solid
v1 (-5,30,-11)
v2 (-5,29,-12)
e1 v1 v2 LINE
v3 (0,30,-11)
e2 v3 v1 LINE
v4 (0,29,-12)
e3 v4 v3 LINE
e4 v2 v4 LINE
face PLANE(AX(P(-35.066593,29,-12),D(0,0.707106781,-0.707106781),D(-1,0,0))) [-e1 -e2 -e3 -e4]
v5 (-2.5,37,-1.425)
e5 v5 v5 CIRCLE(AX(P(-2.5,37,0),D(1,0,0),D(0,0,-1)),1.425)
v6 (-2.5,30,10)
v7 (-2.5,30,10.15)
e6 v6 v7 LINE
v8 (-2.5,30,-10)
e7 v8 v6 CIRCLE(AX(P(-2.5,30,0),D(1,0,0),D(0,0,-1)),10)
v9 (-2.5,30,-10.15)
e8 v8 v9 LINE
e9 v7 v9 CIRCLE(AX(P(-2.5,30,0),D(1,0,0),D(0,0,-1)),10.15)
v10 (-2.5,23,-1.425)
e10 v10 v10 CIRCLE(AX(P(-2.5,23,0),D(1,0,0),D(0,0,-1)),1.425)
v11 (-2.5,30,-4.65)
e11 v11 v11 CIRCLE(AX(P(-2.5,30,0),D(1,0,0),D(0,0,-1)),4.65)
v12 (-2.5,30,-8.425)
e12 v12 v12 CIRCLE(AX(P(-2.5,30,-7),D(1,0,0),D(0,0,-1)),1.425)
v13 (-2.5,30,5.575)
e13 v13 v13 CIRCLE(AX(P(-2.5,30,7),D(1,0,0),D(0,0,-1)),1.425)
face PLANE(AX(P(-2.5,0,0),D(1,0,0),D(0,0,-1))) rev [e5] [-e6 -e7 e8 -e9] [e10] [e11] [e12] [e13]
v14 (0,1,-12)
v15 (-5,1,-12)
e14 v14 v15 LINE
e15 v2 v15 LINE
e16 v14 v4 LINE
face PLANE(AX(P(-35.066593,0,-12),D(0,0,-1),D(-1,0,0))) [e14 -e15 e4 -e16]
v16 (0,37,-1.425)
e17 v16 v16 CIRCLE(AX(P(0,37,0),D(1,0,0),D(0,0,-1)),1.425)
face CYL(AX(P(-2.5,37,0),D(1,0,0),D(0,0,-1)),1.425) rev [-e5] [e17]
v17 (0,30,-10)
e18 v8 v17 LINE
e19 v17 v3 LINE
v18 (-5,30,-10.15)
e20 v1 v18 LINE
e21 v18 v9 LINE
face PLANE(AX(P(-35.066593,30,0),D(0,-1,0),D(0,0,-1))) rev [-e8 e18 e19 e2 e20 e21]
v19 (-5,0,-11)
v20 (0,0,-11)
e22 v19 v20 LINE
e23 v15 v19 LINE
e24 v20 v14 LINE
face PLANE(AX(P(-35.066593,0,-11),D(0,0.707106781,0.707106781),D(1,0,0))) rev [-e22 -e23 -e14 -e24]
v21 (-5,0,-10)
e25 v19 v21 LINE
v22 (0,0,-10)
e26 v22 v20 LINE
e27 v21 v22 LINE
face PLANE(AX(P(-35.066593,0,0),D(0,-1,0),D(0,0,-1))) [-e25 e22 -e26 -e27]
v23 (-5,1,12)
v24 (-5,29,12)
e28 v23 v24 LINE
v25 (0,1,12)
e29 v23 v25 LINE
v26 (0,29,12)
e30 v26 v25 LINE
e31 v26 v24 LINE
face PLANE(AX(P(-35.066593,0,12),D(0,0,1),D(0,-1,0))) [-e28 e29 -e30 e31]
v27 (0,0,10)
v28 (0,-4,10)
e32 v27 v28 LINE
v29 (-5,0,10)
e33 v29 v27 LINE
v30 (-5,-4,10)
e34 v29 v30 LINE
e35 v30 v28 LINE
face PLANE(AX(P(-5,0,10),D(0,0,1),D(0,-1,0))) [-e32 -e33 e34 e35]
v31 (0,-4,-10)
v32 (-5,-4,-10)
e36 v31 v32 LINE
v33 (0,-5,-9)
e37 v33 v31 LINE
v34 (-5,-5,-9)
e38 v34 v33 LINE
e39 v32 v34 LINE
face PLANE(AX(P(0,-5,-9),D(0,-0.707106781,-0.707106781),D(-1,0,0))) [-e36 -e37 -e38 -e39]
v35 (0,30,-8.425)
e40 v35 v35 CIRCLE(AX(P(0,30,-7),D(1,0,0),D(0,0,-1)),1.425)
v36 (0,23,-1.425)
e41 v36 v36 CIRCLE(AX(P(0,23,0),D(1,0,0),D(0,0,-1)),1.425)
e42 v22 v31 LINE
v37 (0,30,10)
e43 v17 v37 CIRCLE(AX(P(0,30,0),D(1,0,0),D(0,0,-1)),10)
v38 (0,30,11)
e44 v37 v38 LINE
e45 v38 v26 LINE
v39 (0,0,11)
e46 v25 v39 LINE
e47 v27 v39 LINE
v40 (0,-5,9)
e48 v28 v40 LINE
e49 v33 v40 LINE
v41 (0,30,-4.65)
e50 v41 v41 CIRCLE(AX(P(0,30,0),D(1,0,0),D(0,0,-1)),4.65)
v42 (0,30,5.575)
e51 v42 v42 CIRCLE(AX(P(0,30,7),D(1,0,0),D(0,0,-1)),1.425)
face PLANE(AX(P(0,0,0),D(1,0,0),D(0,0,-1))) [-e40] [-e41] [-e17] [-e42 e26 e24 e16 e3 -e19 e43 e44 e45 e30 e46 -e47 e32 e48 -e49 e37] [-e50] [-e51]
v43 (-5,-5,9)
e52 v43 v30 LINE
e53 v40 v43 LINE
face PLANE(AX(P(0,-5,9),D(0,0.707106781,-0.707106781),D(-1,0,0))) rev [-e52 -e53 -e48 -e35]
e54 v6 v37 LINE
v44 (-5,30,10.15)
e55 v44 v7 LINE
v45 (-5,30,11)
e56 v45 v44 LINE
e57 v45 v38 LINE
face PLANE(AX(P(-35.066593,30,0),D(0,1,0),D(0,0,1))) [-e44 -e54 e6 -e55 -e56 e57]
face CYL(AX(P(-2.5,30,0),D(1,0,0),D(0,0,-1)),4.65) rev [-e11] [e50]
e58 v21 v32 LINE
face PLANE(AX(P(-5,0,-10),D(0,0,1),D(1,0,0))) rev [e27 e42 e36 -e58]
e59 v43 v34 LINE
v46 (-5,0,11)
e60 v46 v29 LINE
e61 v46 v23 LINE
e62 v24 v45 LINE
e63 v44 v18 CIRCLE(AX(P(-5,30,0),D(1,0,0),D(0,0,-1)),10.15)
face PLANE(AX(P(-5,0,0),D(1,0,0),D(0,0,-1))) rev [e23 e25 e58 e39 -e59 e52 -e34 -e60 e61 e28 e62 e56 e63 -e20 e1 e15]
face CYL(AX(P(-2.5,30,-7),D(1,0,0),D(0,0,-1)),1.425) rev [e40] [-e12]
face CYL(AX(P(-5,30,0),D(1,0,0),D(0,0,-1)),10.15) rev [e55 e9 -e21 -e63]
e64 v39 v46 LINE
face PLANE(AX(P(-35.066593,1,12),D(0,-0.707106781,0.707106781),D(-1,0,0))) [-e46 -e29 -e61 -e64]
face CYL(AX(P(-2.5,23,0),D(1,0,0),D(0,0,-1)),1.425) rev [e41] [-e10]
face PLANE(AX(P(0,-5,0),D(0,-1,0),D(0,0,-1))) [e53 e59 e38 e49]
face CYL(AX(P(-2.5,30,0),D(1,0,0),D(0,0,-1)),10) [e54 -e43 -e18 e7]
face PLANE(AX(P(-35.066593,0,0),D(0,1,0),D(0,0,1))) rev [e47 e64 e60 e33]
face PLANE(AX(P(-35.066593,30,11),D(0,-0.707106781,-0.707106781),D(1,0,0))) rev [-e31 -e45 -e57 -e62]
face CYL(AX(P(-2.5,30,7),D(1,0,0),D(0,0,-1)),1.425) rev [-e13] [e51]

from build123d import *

# Parameters (mm, degrees)
SKETCH1_R                = 10
SKETCH1_R_2              = 4.5
SKETCH1_R_3              = 1.275
BOSS_EXTRUDE1_DEPTH      = 2.5
BOSS_EXTRUDE3_DEPTH      = 5
SKETCH2_W                = 5
SKETCH2_H                = 20
BOSS_EXTRUDE4_DEPTH      = 5
BOSS_EXTRUDE5_REACH      = 43.533
SKETCH3_W                = 2
SKETCH3_H                = 30
CHAMFER1_SIZE            = 1
CHAMFER2_SIZE            = 1
OFFSET_FOR_3D_PRINT_BY   = 0.15
OFFSET_FOR_3D_PRINT_2_BY = 0.15
OFFSET_FOR_3D_PRINT_3_BY = 0.15
OFFSET_FOR_3D_PRINT_4_BY = 0.15
OFFSET_FOR_3D_PRINT_5_BY = 0.15
OFFSET_FOR_3D_PRINT_6_BY = 0.15


with BuildPart() as part:
    # Sketch1 → Boss-Extrude1 (new body)
    with BuildSketch(Plane(origin=(0, 0, 0), x_dir=(0, 0, -1), z_dir=(1, 0, 0))):
        with Locations((0, 30)):
            Circle(SKETCH1_R)
        with Locations((0, 30)):
            Circle(SKETCH1_R_2, mode=Mode.SUBTRACT)
        with Locations((7, 30)):
            Circle(SKETCH1_R_3, mode=Mode.SUBTRACT)
        with Locations((0, 23)):
            Circle(SKETCH1_R_3, mode=Mode.SUBTRACT)
        with Locations((-7, 30)):
            Circle(SKETCH1_R_3, mode=Mode.SUBTRACT)
        with Locations((0, 37)):
            Circle(SKETCH1_R_3, mode=Mode.SUBTRACT)
    extrude(amount=-BOSS_EXTRUDE1_DEPTH)

    # Sketch1<6> → Boss-Extrude3 (add)
    with BuildSketch(Plane(origin=(0, 0, 0), x_dir=(0, 0, -1), z_dir=(1, 0, 0))):
        with BuildLine():
            ThreePointArc((10, 30), (0, 20), (-10, 30))
            Line((-10, 30), (-10, 0))
            Line((-10, 0), (10, 0))
            Line((10, 0), (10, 30))
        make_face()
    extrude(amount=-BOSS_EXTRUDE3_DEPTH)


with BuildPart() as body_2:
    # Sketch2 → Boss-Extrude4 (new body)
    with BuildSketch(Plane.XZ):
        with Locations((-2.5, 0)):
            Rectangle(SKETCH2_W, SKETCH2_H)
    extrude(amount=BOSS_EXTRUDE4_DEPTH)


with BuildPart() as part_1:
    add(part.part)

    # Combine2: union body 2
    add(body_2.part)

    # Boss-Extrude5: up to this face of the body (flat: up to its plane)
    boss_extrude5_end = Plane(part_1.part.faces().sort_by_distance((-5, 8.664765534, 0))[0])
    # Sketch3 → Boss-Extrude5 (add, up to the picked face)
    with BuildSketch(Plane(origin=(0, 0, 0), x_dir=(0, 0, -1), z_dir=(1, 0, 0)), mode=Mode.PRIVATE) as boss_extrude5_sk1:
        with Locations((11, 15)):
            Rectangle(SKETCH3_W, SKETCH3_H)
    boss_extrude5_tool1 = split(extrude(boss_extrude5_sk1.sketch, amount=-BOSS_EXTRUDE5_REACH, mode=Mode.PRIVATE), bisect_by=boss_extrude5_end, keep=Keep.BOTH, mode=Mode.PRIVATE)
    # Sketch3 → Boss-Extrude5 (add, up to the picked face)
    with BuildSketch(Plane(origin=(0, 0, 0), x_dir=(0, 0, -1), z_dir=(1, 0, 0)), mode=Mode.PRIVATE) as boss_extrude5_sk2:
        with Locations((-11, 15)):
            Rectangle(SKETCH3_W, SKETCH3_H)
    boss_extrude5_tool2 = split(extrude(boss_extrude5_sk2.sketch, amount=-BOSS_EXTRUDE5_REACH, mode=Mode.PRIVATE), bisect_by=boss_extrude5_end, keep=Keep.BOTH, mode=Mode.PRIVATE)
    add(boss_extrude5_tool1.solids().sort_by(Axis((0, 15, -11), (-1, 0, 0)))[0])
    add(boss_extrude5_tool2.solids().sort_by(Axis((0, 15, 11), (-1, 0, 0)))[0])

    # Chamfer1
    chamfer1_edges = [part_1.edges().sort_by_distance(p)[0] for p in [
        (-2.5, 0, -12),
        (-2.5, 30, -12),
        (-2.5, 30, 12),
        (-2.5, 0, 12),
    ]]
    chamfer(chamfer1_edges, length=CHAMFER1_SIZE)

    # Chamfer2
    chamfer2_edges = [part_1.edges().sort_by_distance(p)[0] for p in [
        (-2.5, -5, -10),
        (-2.5, -5, 10),
    ]]
    chamfer(chamfer2_edges, length=CHAMFER2_SIZE)

    # Offset for 3D print: a curved face moved inward by 0.15
    add(Solid.thicken(part_1.faces().sort_by_distance((-3.75, 20, 0))[0], -OFFSET_FOR_3D_PRINT_BY), mode=Mode.SUBTRACT)

    # Offset for 3D print 2: a curved face moved inward by 0.15
    add(Solid.thicken(part_1.faces().sort_by_distance((-1.25, 37, 1.275))[0], -OFFSET_FOR_3D_PRINT_2_BY), mode=Mode.SUBTRACT)

    # Offset for 3D print 3: a curved face moved inward by 0.15
    add(Solid.thicken(part_1.faces().sort_by_distance((-1.25, 23, 1.275))[0], -OFFSET_FOR_3D_PRINT_3_BY), mode=Mode.SUBTRACT)

    # Offset for 3D print 4: a curved face moved inward by 0.15
    add(Solid.thicken(part_1.faces().sort_by_distance((-1.25, 30, -5.725))[0], -OFFSET_FOR_3D_PRINT_4_BY), mode=Mode.SUBTRACT)

    # Offset for 3D print 5: a curved face moved inward by 0.15
    add(Solid.thicken(part_1.faces().sort_by_distance((-1.25, 30, 8.275))[0], -OFFSET_FOR_3D_PRINT_5_BY), mode=Mode.SUBTRACT)

    # Offset for 3D print 6: a curved face moved inward by 0.15
    add(Solid.thicken(part_1.faces().sort_by_distance((-1.25, 30, 4.5))[0], -OFFSET_FOR_3D_PRINT_6_BY), mode=Mode.SUBTRACT)


solid = part_1.part
